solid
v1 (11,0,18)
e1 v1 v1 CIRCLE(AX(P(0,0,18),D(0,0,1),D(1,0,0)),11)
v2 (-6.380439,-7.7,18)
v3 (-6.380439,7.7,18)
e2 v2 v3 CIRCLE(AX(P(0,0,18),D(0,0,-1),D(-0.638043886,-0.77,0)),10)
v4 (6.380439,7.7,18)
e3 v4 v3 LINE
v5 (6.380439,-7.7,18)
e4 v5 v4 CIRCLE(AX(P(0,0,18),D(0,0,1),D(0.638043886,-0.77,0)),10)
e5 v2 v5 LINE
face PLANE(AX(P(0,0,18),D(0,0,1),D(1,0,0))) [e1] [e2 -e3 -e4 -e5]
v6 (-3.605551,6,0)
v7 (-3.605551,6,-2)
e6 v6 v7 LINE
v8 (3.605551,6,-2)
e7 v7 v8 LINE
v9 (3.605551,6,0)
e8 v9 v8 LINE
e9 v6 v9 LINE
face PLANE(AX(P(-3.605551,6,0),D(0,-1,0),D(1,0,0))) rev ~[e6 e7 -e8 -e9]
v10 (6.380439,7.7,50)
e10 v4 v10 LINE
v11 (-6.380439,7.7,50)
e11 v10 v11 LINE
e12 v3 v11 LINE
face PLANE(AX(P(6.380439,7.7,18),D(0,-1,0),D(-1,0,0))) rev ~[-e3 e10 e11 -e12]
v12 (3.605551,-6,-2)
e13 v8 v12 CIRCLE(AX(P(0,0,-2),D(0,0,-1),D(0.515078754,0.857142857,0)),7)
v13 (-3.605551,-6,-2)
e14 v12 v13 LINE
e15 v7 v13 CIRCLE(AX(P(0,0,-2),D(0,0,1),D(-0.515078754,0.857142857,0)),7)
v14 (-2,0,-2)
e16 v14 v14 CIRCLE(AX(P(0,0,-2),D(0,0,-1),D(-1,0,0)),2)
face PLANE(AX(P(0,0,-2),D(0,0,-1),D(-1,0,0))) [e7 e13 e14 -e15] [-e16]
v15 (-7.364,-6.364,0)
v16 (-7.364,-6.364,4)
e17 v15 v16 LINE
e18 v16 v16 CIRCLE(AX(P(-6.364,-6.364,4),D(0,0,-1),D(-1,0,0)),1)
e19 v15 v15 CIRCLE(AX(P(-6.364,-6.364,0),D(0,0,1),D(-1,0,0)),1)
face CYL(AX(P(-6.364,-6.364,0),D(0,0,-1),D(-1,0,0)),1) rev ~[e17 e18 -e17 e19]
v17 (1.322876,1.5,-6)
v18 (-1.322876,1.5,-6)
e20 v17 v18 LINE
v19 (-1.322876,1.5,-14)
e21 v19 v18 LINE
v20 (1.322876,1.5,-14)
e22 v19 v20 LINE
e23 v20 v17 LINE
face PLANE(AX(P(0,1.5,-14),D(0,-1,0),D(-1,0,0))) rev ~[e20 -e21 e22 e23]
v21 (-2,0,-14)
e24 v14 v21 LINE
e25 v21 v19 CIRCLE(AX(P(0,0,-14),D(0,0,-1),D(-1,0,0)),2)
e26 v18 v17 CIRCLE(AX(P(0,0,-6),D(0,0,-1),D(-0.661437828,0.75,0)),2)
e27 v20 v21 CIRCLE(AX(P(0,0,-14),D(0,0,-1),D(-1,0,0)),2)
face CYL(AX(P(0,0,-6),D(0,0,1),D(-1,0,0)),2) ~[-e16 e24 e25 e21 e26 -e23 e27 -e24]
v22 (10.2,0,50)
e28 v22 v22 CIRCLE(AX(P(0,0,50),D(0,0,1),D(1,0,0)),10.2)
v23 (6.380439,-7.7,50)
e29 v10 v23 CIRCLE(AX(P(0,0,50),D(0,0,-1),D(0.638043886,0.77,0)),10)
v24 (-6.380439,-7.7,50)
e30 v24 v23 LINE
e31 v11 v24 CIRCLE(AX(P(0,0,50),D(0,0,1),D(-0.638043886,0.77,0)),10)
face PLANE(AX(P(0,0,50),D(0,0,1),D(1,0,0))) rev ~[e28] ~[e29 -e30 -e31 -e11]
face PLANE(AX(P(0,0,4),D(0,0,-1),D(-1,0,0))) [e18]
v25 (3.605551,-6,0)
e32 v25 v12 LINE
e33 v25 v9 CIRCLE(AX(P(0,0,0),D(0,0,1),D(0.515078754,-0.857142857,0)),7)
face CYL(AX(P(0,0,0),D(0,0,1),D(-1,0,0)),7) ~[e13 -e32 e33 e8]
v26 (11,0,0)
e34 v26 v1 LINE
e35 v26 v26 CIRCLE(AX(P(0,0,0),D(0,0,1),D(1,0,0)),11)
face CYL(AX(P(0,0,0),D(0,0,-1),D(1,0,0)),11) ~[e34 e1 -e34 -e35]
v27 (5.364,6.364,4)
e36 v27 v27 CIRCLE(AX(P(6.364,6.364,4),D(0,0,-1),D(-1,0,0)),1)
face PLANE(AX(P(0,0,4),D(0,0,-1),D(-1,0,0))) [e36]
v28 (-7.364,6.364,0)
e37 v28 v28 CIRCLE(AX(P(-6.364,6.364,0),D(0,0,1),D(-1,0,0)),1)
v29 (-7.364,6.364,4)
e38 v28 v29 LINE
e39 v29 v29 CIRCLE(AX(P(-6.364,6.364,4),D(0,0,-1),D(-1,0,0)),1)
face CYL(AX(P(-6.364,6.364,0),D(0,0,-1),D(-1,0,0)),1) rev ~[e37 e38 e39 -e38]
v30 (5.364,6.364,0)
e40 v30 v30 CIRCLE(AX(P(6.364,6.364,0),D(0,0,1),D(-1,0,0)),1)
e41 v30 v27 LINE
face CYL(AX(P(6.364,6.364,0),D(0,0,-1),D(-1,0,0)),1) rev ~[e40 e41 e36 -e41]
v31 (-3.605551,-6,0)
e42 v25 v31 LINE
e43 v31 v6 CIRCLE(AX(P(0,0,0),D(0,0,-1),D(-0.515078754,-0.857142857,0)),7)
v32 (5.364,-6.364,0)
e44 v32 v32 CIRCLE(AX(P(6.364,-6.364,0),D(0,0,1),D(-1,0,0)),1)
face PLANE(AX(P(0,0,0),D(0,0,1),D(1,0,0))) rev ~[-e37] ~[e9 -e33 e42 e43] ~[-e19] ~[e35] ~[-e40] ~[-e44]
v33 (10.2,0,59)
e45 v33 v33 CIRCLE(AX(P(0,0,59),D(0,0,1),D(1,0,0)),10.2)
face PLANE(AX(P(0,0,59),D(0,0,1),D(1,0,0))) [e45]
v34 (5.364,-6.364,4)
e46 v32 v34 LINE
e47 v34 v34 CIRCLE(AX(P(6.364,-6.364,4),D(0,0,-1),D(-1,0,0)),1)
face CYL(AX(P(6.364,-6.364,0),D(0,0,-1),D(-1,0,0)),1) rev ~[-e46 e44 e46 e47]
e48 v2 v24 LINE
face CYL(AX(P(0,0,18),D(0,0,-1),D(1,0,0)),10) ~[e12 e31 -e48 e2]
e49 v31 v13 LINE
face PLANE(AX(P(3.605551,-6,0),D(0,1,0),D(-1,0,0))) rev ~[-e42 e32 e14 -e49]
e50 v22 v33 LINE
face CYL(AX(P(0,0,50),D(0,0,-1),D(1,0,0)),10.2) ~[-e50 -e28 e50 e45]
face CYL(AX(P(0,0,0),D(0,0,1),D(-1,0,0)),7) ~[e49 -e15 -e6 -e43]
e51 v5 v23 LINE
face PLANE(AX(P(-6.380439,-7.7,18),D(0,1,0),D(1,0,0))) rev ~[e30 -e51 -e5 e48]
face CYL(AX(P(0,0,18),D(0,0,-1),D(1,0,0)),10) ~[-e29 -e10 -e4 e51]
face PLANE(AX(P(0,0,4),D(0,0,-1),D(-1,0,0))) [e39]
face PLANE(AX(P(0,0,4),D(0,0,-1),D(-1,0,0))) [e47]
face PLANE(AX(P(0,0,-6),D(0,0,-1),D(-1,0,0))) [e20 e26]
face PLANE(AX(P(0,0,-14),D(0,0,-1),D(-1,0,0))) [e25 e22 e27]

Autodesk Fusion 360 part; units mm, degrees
sketch "スケッチ1" plane through (0, 0, 0) normal (0, 0, 1) x (1, 0, 0)
  circle A0 centre (0, 0) radius 11
  dimension "d1" = 22
extrude "押し出し1" add sketch "スケッチ1" along normal blind 18
sketch "スケッチ2" plane through (0, 0, 18) normal (0, 0, 1) x (1, 0, 0)
  circle A0 centre (0, 0) radius 11
  circle A1 centre (0, 0) radius 10
  line L0 (-7, -7.7) -> (7, -7.7)
  line L1 (7, -7.7) -> (7, 7.7)
  line L2 (7, 7.7) -> (-7, 7.7)
  line L3 (-7, 7.7) -> (-7, -7.7)
  line L4 (-7, -7.7) -> (7, 7.7) construction
  line L5 (7, -7.7) -> (-7, 7.7) construction
  dimension "d4" = 20
  dimension "d5" = 14
  dimension "d6" = 15.4
sketch "スケッチ3" plane through (0, 0, 18) normal (0, 0, 1) x (1, 0, 0)
extrude "押し出し2" add sketch "スケッチ2" along normal blind 32 contours A1 L1 | A1 L0 L1 L2 L3 | A1 L3
sketch "スケッチ4" plane through (0, 0, 50) normal (0, 0, 1) x (1, 0, 0)
  arc A0 (6.3804, -7.7) -> (6.3804, 7.7) centre (0, 0) ccw
  line L0 (6.3804, 7.7) -> (-6.3804, 7.7)
  arc A1 (-6.3804, 7.7) -> (-6.3804, -7.7) centre (0, 0) ccw
  line L1 (-6.3804, -7.7) -> (6.3804, -7.7)
  circle A2 centre (0, 0) radius 10.2
  dimension "d9" = 20.4
extrude "押し出し3" add sketch "スケッチ4" along normal blind 9 contours A0 L0 A1 L1 | A2
sketch "スケッチ5" plane through (0, 0, 0) normal (0, 0, -1) x (-1, 0, 0)
  circle A0 centre (0, 0) radius 11
  circle A1 centre (0, 0) radius 6.9
  line L0 (6, 3.45) -> (-6, 3.45)
  line L1 (-6, 3.45) -> (-6, -3.45)
  line L2 (-6, -3.45) -> (6, -3.45)
  line L3 (6, -3.45) -> (6, 3.45)
  line L4 (6, 3.45) -> (-6, -3.45) construction
  line L5 (-6, 3.45) -> (6, -3.45) construction
  dimension "d12" = 13.8
  dimension "d13" = 12
  dimension "d14" = 6.9
extrude "押し出し4" add sketch "スケッチ5" along normal blind 2 contours A1 L3 | A1 L0 L1 L2 L3 | A1 L1
sketch "スケッチ6" plane through (0, 0, -2) normal (0, 0, -1) x (-1, 0, 0)
  arc A0 (-5.9756, 3.45) -> (-5.9756, -3.45) centre (0, 0) ccw
  line L0 (-5.9756, -3.45) -> (5.9756, -3.45)
  arc A1 (5.9756, -3.45) -> (5.9756, 3.45) centre (0, 0) ccw
  line L1 (5.9756, 3.45) -> (-5.9756, 3.45)
  circle A2 centre (0, 0) radius 2
  dimension "d17" = 4
extrude "押し出し5" add sketch "スケッチ6" along normal blind 4 contours A2
sketch "スケッチ8" plane through (0, 0, 18) normal (0, 0, 1) x (1, 0, 0)
  circle A0 centre (0, 0) radius 2
  dimension "d22" = 4
extrude "押し出し6" add 1 faces at (-0.637, 0.1965, -6) along direction (0, 0, -1) blind 8
sketch "スケッチ9" plane through (0, 0, -14) normal (0, 0, -1) x (-1, 0, 0)
  circle A0 centre (0, 0) radius 2
  line L0 (0, 2) -> (-2.3, 2)
  line L1 (-2.3, 2) -> (-2.3, 1.5)
  line L2 (-2.3, 1.5) -> (0, 1.5)
  line L3 (0, 1.5) -> (0, 2)
  circle A1 centre (0, 0) radius 2
  line L4 (0, 1.5) -> (1.7491, 1.5)
  line L5 (1.7491, 1.5) -> (1.7491, 2)
  line L6 (1.7491, 2) -> (0, 2)
  line L7 (0, 2) -> (0, 1.5)
extrude "押し出し7" cut sketch "スケッチ9" against normal blind 8 contours A0 L3 A1 L4 L7 | A0 L2 L3 A1 L7
sketch "スケッチ10" plane through (0, 0, 0) normal (0, 0, -1) x (-1, 0, 0)
  line L0 (-5.9756, 3.45) -> (5.9756, 3.45)
  arc A0 (5.9756, -3.45) -> (5.9756, 3.45) centre (0, 0) ccw
  line L1 (5.9756, -3.45) -> (-5.9756, -3.45)
  arc A1 (-5.9756, 3.45) -> (-5.9756, -3.45) centre (0, 0) ccw
  circle A2 centre (0, 0) radius 11
  circle A3 centre (0, 0) radius 7
  line L2 (7, 6) -> (-7, 6)
  line L3 (-7, 6) -> (-7, -6)
  line L4 (-7, -6) -> (7, -6)
  line L5 (7, -6) -> (7, 6)
  line L6 (7, 6) -> (-7, -6) construction
  line L7 (-7, 6) -> (7, -6) construction
  dimension "d27" = 14
  dimension "d28" = 14
  dimension "d29" = 12
extrude "押し出し8" add sketch "スケッチ10" along normal blind 2 contours A3 L2 L4
sketch "スケッチ11" plane through (0, 0, 0) normal (0, 0, -1) x (-1, 0, 0)
  line L0 (-3.6056, 6) -> (3.6056, 6)
  arc A0 (3.6056, -6) -> (3.6056, 6) centre (0, 0) ccw
  line L1 (3.6056, -6) -> (-3.6056, -6)
  arc A1 (-3.6056, 6) -> (-3.6056, -6) centre (0, 0) ccw
  circle A2 centre (0, 0) radius 11
sketch "スケッチ12" plane through (0, 0, 0) normal (0, 0, -1) x (-1, 0, 0)
  line L0 (11, 0) -> (-11, 0)
  line L1 (-11, 0) -> (-11, -11)
  line L2 (-11, -11) -> (0, 0)
  line L3 (0, 0) -> (7.7782, 7.7782)
  circle A0 centre (0, 0) radius 9
  circle A1 centre (-6.364, -6.364) radius 1
  line L4 (0, 1.75) -> (0, 22.5)
  circle A2 centre (6.364, -6.364) radius 1
  circle A3 centre (6.364, 6.364) radius 1
  circle A4 centre (-6.364, 6.364) radius 1
  dimension "d32" = 11
  dimension "d33" = 180
  dimension "d34" = 11
  dimension "d35" = 18
  dimension "d36" = 2
extrude "押し出し9" cut sketch "スケッチ12" against normal blind 4 contours L3 A0 A3 | L3 A0 A3 | A0 A2 | A0 A2 | L2 A0 A1 | L2 A0 A1 | L3 A0 A3 | L3 A0 A3 | A0 A4 | A0 A4 | L2 A0 A1 | L2 A0 A1
sketch "スケッチ14" plane through (0, 0, 50) normal (0, 0, -1) x (-1, 0, 0)
  circle A0 centre (0, 0) radius 10.2
  line L0 (6.3804, -7.7) -> (-6.3804, -7.7)
  arc A1 (-6.3804, 7.7) -> (-6.3804, -7.7) centre (0, 0) ccw
  line L1 (-6.3804, 7.7) -> (6.3804, 7.7)
  arc A2 (6.3804, -7.7) -> (6.3804, 7.7) centre (0, 0) ccw
